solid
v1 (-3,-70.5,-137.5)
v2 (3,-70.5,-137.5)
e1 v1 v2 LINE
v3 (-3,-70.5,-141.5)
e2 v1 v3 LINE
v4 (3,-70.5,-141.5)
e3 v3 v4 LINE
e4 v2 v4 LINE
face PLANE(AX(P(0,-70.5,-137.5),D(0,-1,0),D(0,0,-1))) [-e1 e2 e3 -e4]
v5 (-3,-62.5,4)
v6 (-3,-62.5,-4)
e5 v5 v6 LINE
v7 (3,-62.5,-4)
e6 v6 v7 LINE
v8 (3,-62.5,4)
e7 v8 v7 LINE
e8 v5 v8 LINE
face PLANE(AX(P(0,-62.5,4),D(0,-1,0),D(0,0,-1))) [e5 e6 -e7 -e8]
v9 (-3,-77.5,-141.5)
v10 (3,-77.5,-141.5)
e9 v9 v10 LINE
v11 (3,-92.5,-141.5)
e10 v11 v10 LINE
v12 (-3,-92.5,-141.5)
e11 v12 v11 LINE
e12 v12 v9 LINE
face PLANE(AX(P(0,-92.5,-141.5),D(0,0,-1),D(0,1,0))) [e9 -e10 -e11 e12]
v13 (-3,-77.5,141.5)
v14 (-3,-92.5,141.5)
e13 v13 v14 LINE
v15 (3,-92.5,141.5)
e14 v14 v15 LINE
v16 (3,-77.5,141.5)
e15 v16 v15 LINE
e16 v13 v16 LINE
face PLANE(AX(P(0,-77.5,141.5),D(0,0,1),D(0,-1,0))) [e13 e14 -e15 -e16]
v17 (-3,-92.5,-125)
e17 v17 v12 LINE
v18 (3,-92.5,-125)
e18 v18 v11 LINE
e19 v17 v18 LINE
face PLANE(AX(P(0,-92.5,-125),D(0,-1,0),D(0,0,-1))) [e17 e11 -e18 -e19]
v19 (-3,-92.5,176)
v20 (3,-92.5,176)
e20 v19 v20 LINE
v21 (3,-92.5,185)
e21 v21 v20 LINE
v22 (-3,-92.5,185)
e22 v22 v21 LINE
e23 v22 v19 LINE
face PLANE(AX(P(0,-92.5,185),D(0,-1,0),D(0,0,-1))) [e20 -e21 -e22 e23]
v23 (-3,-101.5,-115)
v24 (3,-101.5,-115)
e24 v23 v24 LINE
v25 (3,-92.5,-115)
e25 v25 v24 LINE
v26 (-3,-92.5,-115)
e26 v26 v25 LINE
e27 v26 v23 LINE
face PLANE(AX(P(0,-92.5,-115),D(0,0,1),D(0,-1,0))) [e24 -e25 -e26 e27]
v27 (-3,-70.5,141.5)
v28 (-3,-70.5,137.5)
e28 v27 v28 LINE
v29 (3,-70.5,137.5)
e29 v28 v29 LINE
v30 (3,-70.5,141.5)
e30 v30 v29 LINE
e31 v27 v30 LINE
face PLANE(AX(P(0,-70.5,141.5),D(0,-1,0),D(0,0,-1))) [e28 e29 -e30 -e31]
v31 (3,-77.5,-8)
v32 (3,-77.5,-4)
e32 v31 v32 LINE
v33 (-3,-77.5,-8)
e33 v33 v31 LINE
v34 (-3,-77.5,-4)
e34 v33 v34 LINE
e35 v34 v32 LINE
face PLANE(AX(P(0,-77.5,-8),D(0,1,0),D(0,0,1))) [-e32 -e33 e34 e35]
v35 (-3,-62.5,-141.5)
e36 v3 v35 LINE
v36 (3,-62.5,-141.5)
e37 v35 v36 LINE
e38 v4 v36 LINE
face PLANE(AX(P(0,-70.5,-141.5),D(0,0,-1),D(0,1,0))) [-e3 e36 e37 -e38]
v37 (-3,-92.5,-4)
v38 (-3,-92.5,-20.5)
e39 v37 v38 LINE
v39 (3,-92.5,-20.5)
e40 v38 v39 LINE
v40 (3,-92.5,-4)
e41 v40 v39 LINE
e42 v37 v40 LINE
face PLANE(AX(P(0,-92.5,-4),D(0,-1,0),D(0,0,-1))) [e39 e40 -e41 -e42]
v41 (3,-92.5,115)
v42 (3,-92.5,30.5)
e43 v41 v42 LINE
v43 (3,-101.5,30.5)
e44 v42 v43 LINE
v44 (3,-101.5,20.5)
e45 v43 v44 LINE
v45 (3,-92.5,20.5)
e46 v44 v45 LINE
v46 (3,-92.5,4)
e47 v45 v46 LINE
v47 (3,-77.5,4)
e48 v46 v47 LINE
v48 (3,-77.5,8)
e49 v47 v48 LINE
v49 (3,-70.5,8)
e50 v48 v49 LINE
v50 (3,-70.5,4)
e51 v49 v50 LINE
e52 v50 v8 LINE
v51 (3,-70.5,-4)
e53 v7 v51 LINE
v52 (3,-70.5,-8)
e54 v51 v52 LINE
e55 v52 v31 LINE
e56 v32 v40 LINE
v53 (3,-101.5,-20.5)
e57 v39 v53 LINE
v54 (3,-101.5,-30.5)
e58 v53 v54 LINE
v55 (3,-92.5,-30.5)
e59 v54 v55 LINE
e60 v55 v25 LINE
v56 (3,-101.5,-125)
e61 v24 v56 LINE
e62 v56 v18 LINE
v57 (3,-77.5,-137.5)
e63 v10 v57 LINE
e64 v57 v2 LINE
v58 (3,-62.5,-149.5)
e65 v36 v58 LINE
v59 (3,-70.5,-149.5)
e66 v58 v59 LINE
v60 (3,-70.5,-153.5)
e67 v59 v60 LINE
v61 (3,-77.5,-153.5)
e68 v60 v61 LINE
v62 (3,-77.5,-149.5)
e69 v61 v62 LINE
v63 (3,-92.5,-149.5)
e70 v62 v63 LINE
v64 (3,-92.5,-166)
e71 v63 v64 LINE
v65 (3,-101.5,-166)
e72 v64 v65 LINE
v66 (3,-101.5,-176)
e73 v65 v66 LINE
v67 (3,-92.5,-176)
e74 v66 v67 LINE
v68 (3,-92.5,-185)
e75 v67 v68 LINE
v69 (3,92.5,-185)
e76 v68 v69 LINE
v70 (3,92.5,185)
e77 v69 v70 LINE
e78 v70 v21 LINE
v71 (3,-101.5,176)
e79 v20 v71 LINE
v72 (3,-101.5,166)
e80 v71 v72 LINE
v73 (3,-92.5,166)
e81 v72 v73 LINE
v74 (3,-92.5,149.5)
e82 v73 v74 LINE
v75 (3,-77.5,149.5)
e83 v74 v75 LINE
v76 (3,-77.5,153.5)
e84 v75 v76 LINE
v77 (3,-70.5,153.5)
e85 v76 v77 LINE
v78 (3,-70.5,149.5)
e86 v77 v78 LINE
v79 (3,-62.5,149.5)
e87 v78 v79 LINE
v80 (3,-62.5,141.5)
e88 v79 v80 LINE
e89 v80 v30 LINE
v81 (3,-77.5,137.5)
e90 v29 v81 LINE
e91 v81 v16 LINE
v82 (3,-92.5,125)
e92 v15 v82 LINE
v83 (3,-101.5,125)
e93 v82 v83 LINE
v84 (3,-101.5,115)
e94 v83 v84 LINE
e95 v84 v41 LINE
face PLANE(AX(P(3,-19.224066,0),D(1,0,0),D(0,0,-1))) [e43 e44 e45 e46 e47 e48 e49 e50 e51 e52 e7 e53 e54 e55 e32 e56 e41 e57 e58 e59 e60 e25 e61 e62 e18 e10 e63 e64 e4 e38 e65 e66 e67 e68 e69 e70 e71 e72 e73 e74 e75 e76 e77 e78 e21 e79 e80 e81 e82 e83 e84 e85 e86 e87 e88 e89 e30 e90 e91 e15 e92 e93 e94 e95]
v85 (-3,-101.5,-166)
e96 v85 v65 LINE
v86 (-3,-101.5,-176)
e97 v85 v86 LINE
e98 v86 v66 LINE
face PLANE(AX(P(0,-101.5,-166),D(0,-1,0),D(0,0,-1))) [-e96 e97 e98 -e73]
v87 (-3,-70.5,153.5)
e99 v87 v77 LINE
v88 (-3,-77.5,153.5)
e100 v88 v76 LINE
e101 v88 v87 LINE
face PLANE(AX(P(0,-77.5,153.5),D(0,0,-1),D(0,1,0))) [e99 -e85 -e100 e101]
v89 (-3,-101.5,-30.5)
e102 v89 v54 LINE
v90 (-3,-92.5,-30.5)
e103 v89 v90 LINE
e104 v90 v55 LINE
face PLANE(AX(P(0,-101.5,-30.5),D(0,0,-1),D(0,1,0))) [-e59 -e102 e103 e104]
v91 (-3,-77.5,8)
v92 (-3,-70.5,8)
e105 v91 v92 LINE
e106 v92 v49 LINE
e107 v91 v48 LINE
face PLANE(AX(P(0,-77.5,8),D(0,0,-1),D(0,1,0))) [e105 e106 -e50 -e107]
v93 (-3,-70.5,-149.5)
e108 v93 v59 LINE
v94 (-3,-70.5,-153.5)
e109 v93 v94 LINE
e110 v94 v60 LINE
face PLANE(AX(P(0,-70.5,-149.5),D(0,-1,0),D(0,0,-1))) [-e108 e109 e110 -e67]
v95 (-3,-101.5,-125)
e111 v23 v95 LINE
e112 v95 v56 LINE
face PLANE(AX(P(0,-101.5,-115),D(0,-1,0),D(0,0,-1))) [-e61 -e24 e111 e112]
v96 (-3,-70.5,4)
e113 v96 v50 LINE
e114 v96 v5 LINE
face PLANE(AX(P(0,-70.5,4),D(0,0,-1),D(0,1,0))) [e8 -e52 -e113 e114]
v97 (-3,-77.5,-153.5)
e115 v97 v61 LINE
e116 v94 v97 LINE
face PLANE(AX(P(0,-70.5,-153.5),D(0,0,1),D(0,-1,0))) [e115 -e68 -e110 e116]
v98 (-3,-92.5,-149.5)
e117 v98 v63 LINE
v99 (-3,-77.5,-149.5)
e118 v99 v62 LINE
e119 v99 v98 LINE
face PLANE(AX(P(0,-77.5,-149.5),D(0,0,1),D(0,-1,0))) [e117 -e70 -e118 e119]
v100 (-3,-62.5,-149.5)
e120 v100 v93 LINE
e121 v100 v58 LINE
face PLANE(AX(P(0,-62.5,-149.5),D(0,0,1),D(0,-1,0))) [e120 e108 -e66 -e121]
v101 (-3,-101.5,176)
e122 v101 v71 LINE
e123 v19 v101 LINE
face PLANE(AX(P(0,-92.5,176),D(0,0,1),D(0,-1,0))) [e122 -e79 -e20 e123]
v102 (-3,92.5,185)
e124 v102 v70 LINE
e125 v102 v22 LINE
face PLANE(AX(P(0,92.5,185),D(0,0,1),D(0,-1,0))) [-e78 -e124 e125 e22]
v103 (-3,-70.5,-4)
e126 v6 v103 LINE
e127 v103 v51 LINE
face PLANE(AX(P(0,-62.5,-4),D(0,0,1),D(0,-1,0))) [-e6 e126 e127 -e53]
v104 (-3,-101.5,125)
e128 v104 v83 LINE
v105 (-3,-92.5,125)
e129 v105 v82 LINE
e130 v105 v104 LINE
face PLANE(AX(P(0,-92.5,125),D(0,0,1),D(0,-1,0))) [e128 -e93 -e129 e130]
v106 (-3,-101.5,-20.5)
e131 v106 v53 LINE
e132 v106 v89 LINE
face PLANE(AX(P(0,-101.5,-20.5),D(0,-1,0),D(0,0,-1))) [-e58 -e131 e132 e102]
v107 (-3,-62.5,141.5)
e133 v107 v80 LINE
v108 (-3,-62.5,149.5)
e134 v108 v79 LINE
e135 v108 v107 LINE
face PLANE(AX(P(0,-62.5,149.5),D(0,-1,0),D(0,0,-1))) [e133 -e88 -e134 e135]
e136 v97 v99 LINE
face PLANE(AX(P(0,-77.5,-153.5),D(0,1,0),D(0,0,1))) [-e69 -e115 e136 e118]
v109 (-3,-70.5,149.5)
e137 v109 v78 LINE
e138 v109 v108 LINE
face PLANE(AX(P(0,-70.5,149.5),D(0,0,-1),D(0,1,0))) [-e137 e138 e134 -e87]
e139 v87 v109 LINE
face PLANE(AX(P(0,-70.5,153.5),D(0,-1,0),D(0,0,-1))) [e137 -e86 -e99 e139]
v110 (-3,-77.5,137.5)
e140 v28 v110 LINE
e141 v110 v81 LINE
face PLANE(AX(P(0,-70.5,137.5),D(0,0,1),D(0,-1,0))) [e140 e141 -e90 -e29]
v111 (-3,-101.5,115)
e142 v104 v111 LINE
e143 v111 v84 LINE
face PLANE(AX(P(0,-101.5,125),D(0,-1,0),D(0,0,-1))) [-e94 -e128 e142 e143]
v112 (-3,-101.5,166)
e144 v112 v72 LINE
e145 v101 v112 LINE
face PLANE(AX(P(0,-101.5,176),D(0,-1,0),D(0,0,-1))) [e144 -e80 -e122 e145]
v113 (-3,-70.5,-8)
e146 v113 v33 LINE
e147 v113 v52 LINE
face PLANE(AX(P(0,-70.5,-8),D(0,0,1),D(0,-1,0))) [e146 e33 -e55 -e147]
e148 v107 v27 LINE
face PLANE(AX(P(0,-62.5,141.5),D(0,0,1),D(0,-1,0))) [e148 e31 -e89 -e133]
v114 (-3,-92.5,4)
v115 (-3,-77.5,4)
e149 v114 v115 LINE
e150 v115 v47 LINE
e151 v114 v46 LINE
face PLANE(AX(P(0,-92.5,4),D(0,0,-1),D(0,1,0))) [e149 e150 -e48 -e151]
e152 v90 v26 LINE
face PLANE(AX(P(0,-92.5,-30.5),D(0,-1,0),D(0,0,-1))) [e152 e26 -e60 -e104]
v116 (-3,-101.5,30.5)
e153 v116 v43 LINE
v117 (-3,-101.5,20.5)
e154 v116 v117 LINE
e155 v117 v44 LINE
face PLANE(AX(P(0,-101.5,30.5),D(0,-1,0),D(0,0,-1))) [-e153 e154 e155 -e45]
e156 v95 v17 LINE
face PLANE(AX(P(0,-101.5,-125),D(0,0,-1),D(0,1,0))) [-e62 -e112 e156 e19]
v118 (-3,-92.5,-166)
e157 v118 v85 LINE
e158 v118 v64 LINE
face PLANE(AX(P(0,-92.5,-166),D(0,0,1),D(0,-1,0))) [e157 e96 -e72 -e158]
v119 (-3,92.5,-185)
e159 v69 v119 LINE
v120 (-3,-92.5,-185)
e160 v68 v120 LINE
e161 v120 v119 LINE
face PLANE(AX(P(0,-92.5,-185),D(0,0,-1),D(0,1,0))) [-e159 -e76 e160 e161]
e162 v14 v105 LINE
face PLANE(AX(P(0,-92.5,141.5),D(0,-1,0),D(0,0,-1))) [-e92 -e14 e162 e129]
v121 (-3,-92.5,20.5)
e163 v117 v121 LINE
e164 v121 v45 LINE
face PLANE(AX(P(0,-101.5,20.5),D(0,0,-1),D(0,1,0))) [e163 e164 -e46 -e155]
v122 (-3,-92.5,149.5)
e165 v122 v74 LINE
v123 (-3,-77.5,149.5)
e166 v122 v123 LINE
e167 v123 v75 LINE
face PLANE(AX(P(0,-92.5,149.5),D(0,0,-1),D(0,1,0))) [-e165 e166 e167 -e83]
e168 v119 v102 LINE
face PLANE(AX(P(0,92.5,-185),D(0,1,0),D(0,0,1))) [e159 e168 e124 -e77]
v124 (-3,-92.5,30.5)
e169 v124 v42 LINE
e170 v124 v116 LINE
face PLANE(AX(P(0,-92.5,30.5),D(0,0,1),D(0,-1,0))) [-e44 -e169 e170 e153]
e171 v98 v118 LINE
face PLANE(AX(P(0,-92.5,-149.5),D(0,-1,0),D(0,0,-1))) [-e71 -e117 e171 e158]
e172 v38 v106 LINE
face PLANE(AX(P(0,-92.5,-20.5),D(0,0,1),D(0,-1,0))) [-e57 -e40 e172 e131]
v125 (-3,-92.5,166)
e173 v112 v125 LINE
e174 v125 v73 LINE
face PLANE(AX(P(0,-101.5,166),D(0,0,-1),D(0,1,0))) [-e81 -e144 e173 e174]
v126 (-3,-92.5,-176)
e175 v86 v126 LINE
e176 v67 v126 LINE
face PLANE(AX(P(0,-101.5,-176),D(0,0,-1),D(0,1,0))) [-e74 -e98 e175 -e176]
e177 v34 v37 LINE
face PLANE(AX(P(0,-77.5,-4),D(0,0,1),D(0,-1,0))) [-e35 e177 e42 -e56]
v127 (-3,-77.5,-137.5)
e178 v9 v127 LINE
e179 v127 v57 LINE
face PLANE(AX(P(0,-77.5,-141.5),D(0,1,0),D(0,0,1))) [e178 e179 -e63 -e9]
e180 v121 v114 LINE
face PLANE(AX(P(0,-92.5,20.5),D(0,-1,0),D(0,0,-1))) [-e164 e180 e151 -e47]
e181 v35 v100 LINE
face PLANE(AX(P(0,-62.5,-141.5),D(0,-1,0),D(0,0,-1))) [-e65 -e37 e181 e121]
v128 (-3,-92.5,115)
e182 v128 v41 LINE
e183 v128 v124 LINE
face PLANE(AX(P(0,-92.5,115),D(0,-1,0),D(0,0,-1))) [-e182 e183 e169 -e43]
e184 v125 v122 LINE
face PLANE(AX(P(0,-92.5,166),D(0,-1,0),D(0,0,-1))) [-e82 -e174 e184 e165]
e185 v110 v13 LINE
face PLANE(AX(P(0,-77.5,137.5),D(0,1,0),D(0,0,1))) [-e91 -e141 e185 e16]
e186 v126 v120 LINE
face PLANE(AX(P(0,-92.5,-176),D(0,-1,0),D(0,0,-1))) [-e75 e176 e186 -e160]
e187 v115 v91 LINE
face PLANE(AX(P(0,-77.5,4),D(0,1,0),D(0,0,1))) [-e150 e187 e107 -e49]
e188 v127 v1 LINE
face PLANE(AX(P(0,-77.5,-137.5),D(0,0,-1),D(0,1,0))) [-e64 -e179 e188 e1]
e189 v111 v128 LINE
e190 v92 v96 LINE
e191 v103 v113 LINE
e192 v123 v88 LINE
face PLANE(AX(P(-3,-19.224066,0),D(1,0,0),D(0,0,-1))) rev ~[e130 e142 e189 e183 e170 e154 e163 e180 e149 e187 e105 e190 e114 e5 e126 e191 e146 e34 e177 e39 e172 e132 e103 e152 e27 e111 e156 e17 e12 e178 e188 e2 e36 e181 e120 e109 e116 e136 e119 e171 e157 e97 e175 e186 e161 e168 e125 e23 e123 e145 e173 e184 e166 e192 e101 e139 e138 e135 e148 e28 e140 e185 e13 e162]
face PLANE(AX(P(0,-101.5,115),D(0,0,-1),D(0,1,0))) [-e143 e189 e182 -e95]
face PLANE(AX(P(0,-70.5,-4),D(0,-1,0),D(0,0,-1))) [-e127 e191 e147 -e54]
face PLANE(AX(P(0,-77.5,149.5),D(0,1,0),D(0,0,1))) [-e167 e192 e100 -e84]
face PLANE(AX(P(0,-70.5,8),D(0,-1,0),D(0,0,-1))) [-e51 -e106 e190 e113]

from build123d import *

# Parameters (mm, degrees)
BOSS_EXTRUDE1_DEPTH = 3


with BuildPart() as part:
    # Sketch1 → Boss-Extrude1 (new, symmetric)
    with BuildSketch(Plane(origin=(0, 0, 0), x_dir=(0, 0, -1), z_dir=(1, 0, 0))):
        Polygon((185, 92.5), (-185, 92.5), (-185, -92.5), (-176, -92.5), (-176, -101.5), (-166, -101.5), (-166, -92.5), (-149.5, -92.5), (-149.5, -77.5), (-153.5, -77.5), (-153.5, -70.5), (-149.5, -70.5), (-149.5, -62.5), (-141.5, -62.5), (-141.5, -70.5), (-137.5, -70.5), (-137.5, -77.5), (-141.5, -77.5), (-141.5, -92.5), (-125, -92.5), (-125, -101.5), (-115, -101.5), (-115, -92.5), (-30.5, -92.5), (-30.5, -101.5), (-20.5, -101.5), (-20.5, -92.5), (-4, -92.5), (-4, -77.5), (-8, -77.5), (-8, -70.5), (-4, -70.5), (-4, -62.5), (4, -62.5), (4, -70.5), (8, -70.5), (8, -77.5), (4, -77.5), (4, -92.5), (20.5, -92.5), (20.5, -101.5), (30.5, -101.5), (30.5, -92.5), (115, -92.5), (115, -101.5), (125, -101.5), (125, -92.5), (141.5, -92.5), (141.5, -77.5), (137.5, -77.5), (137.5, -70.5), (141.5, -70.5), (141.5, -62.5), (149.5, -62.5), (149.5, -70.5), (153.5, -70.5), (153.5, -77.5), (149.5, -77.5), (149.5, -92.5), (166, -92.5), (166, -101.5), (176, -101.5), (176, -92.5), (185, -92.5), align=None)
    extrude(amount=BOSS_EXTRUDE1_DEPTH, both=True)


solid = part.part
